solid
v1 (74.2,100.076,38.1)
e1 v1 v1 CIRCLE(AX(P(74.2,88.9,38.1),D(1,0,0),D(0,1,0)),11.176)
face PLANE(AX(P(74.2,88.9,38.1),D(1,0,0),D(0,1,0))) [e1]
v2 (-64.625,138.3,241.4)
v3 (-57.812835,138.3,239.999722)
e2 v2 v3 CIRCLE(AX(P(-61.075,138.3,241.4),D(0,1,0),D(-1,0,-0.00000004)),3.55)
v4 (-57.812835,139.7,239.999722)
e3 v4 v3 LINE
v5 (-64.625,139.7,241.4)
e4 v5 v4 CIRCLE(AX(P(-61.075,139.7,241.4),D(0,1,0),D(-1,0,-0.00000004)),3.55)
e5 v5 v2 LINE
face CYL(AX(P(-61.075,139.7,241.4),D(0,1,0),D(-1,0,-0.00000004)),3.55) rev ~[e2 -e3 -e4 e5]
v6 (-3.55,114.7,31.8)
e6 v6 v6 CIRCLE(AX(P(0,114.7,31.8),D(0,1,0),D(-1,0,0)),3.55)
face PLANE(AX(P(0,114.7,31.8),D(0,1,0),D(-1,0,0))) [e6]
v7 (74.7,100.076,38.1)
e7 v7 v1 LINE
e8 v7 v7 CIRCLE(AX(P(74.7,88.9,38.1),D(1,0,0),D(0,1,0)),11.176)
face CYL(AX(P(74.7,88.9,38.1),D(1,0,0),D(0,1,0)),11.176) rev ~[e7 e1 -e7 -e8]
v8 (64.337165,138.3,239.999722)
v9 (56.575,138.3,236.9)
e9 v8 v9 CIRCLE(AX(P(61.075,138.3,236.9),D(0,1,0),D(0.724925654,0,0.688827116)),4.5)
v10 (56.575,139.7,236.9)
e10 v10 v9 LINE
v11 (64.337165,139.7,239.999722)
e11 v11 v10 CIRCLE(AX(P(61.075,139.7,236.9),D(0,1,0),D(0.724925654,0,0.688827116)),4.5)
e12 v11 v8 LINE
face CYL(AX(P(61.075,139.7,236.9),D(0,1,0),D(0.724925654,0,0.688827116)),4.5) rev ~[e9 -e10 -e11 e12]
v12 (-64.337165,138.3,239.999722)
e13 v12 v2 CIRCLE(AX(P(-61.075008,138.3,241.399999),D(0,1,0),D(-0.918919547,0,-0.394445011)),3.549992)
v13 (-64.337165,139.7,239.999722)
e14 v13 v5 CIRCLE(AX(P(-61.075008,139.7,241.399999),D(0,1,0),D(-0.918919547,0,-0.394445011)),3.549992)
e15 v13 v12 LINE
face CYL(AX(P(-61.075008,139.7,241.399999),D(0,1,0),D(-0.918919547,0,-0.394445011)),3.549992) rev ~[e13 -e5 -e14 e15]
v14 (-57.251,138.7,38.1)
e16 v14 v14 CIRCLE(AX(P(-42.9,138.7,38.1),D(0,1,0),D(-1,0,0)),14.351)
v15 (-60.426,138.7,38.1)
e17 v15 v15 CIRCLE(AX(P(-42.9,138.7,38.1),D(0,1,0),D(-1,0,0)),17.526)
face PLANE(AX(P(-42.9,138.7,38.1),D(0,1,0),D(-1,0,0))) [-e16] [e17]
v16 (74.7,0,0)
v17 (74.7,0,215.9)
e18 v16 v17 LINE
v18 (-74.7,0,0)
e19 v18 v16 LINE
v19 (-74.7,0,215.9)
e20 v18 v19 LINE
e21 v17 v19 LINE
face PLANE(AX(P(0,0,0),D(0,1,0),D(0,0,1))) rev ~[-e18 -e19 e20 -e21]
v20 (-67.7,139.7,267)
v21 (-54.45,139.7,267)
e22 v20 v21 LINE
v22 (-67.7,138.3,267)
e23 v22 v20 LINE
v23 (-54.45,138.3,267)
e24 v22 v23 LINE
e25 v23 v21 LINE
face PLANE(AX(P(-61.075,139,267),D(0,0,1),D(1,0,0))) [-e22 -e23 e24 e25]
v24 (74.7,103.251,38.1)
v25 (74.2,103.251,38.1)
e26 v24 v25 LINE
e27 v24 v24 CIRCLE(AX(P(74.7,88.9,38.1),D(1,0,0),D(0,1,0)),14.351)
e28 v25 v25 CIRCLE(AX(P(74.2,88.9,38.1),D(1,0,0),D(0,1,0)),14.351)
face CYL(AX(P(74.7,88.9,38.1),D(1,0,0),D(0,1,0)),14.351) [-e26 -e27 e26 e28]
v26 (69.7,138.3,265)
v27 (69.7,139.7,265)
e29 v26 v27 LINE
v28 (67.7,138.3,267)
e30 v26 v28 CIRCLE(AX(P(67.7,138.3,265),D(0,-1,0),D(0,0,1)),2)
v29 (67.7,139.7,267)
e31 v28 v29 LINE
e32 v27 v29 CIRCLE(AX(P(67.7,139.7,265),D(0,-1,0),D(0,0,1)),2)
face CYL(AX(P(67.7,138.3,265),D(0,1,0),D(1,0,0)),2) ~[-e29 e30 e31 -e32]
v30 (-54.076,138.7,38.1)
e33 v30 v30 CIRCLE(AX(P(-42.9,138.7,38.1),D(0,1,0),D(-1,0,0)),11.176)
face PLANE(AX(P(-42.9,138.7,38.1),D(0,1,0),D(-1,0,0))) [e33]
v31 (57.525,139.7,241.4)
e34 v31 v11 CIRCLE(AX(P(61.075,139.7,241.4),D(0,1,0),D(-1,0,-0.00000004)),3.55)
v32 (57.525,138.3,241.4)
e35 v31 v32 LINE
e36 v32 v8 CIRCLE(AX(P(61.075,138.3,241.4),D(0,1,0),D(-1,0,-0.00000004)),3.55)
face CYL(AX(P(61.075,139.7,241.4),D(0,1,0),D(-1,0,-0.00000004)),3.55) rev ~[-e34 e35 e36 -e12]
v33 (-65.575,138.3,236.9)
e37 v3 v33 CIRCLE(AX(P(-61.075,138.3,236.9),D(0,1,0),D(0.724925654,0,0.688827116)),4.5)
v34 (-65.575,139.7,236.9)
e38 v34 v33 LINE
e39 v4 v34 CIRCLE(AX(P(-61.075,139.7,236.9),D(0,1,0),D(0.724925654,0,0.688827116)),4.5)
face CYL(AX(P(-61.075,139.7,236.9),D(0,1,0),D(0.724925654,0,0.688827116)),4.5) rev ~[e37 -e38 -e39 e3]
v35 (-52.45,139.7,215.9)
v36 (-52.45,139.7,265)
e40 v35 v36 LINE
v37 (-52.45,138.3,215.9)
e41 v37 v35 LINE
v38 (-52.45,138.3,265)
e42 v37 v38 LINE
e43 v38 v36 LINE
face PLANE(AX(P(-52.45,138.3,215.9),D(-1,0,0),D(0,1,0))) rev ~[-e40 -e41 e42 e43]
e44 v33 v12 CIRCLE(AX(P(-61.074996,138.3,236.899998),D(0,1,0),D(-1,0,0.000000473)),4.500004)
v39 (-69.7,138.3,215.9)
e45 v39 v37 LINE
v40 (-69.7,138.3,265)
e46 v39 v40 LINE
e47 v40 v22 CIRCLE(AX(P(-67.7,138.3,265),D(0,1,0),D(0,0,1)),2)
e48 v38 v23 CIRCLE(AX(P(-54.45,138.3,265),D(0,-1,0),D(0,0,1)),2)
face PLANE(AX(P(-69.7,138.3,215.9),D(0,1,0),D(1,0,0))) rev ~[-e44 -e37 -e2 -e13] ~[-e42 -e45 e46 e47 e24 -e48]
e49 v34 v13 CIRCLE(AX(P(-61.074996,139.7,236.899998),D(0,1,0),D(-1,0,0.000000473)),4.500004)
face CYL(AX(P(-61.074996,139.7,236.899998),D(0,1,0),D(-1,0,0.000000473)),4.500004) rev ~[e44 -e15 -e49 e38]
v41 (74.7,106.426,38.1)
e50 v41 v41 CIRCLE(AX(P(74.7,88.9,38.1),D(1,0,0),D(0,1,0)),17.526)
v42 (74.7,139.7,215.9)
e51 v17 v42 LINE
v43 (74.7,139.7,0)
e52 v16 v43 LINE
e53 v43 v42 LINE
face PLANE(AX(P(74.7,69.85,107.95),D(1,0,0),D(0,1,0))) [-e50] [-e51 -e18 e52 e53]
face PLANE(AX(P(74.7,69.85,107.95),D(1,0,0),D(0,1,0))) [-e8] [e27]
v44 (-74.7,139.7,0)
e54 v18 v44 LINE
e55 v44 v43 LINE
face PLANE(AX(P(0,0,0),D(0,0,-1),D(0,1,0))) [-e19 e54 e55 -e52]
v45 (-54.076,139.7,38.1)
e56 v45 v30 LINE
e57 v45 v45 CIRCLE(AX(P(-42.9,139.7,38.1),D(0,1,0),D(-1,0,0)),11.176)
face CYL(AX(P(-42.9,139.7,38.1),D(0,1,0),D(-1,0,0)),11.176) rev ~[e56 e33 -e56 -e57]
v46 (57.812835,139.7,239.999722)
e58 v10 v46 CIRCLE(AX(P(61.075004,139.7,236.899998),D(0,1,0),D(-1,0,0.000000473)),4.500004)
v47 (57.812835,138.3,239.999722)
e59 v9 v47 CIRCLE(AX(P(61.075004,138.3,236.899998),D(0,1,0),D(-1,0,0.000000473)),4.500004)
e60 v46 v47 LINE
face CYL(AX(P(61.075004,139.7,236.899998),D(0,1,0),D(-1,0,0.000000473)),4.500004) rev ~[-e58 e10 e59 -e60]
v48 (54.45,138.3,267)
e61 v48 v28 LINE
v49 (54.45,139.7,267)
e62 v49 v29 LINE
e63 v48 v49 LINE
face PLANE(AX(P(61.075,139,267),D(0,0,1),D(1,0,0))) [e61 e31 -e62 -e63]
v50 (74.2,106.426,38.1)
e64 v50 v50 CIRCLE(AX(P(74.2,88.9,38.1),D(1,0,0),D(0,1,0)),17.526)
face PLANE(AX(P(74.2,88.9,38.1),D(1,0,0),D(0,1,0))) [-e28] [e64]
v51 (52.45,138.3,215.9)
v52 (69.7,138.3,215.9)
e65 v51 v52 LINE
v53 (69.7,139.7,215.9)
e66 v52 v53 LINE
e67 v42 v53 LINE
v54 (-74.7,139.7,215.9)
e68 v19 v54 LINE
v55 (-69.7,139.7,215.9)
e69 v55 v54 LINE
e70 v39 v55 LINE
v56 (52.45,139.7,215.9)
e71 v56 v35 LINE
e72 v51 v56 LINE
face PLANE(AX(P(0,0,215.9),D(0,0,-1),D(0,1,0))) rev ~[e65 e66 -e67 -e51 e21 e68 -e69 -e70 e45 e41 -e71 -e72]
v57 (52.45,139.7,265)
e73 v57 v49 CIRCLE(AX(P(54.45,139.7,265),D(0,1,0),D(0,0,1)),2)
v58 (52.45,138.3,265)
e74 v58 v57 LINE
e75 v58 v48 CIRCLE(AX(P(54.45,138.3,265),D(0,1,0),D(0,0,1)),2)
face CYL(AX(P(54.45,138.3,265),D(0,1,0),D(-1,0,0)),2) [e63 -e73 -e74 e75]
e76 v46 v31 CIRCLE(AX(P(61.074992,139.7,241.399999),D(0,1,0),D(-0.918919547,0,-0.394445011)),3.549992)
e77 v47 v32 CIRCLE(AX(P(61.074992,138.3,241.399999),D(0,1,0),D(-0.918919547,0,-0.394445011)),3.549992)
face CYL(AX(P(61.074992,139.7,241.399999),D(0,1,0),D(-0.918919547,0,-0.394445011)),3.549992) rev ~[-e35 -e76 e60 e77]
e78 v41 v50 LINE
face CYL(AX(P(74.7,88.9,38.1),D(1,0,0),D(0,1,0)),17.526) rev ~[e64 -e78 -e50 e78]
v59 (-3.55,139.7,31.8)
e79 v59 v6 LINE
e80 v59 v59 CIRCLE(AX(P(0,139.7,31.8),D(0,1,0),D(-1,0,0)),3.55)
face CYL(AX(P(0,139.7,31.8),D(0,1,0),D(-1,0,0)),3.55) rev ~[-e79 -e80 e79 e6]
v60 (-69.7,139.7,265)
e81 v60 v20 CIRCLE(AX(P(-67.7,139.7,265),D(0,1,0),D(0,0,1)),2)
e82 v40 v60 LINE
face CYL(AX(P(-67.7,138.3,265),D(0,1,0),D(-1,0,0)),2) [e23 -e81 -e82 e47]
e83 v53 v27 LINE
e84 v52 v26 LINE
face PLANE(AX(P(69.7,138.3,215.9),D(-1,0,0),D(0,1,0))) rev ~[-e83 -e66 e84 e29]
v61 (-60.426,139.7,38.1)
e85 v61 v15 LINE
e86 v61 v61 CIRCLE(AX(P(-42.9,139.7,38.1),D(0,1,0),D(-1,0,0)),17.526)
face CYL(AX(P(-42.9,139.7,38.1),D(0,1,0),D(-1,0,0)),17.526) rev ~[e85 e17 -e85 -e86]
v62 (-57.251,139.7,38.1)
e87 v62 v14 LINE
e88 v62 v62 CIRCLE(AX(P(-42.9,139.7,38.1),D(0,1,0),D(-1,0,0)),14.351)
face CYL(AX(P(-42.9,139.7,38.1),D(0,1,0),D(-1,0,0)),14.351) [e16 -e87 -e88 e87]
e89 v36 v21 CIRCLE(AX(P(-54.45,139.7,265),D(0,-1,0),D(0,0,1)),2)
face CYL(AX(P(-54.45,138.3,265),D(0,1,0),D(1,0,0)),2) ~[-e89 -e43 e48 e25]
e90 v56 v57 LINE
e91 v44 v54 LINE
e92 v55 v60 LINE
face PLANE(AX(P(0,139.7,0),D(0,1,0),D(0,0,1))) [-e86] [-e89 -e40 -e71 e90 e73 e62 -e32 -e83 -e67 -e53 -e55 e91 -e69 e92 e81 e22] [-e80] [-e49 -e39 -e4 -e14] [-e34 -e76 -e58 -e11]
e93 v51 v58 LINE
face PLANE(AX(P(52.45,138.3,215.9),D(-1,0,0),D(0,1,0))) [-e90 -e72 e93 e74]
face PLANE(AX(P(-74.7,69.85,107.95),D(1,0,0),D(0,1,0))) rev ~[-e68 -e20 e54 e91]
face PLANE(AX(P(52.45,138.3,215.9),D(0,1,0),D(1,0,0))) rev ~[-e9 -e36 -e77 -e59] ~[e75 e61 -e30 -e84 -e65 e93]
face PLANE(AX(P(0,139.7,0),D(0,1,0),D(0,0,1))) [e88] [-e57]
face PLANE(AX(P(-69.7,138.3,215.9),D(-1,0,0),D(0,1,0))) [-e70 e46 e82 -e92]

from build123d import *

# Parameters (mm, degrees)
F0_W      = 139.7
F0_H      = 215.9
F1_DEPTH  = 74.7
F2_R      = 17.526
F2_R_2    = 14.351
F2_R_3    = 11.176
F3_DEPTH  = 0.5
F4_R      = 17.526
F4_R_2    = 14.351
F4_R_3    = 11.176
F5_DEPTH  = 1
F4_R_4    = 3.55
F6_DEPTH  = 25
F7_W      = 17.25
F7_H      = 1.4
F8_DEPTH  = 51.1
F10_DEPTH = 139.701
F11_R     = 2


with BuildPart() as f1:
    # F0 (on Right) → F1 (new body, symmetric)
    with BuildSketch(Plane.YZ):
        with Locations((69.85, 107.95)):
            Rectangle(F0_W, F0_H)
    extrude(amount=F1_DEPTH, both=True)

    # F2 (on face) → F3 (cut)
    with BuildSketch(Plane.YZ.offset(74.7)):
        with Locations((88.9, 38.1)):
            Circle(F2_R)
        with Locations((88.9, 38.1)):
            Circle(F2_R_2, mode=Mode.SUBTRACT)
        with Locations((88.9, 38.1)):
            Circle(F2_R_3)
    extrude(amount=-F3_DEPTH, mode=Mode.SUBTRACT)

    # F4 (on face) → F5 (cut)
    with BuildSketch(Plane(origin=(0, 139.7, 0), x_dir=(-1, 0, 0), z_dir=(0, 1, 0))):
        with Locations((42.9, 38.1)):
            Circle(F4_R)
        with Locations((42.9, 38.1)):
            Circle(F4_R_2, mode=Mode.SUBTRACT)
        with Locations((42.9, 38.1)):
            Circle(F4_R_3)
    extrude(amount=-F5_DEPTH, mode=Mode.SUBTRACT)

    # F4 (on face) → F6 (cut)
    with BuildSketch(Plane(origin=(0, 139.7, 0), x_dir=(-1, 0, 0), z_dir=(0, 1, 0))):
        with Locations((0, 31.8)):
            Circle(F4_R_4)
    extrude(amount=-F6_DEPTH, mode=Mode.SUBTRACT)

    # F7 (on face) → F8 (join)
    with BuildSketch(Plane.XY.offset(215.9)):
        with Locations((61.075, 139)):
            Rectangle(F7_W, F7_H)
        with Locations((-61.075, 139)):
            Rectangle(F7_W, F7_H)
    extrude(amount=F8_DEPTH)

    # F9 (on face) → F10 (cut, through all)
    with BuildSketch(Plane(origin=(0, 139.7, 0), x_dir=(-1, 0, 0), z_dir=(0, 1, 0))):
        with BuildLine():
            ThreePointArc((-57.812835, 239.999722), (-57.597703, 240.685223), (-57.525, 241.4))
            ThreePointArc((-57.525, 241.4), (-61.789777, 244.877297), (-64.337165, 239.999722))
            ThreePointArc((-64.337165, 239.999722), (-61.075, 241.4), (-57.812835, 239.999722))
        make_face()
        with BuildLine():
            ThreePointArc((-57.812835, 239.999722), (-61.075, 241.4), (-64.337165, 239.999722))
            ThreePointArc((-64.337165, 239.999722), (-61.075, 237.85), (-57.812835, 239.999722))
        make_face()
        with BuildLine():
            ThreePointArc((-57.812835, 239.999722), (-61.075, 237.85), (-64.337165, 239.999722))
            ThreePointArc((-64.337165, 239.999722), (-62.74387, 232.720901), (-56.575, 236.9))
            ThreePointArc((-56.575, 236.9), (-56.895901, 238.56887), (-57.812835, 239.999722))
        make_face()
        with BuildLine():
            ThreePointArc((64.337165, 239.999722), (64.552297, 240.685223), (64.625, 241.4))
            ThreePointArc((64.625, 241.4), (60.360223, 244.877297), (57.812835, 239.999722))
            ThreePointArc((57.812835, 239.999722), (61.075, 241.4), (64.337165, 239.999722))
        make_face()
        with BuildLine():
            ThreePointArc((64.337165, 239.999722), (61.075, 241.4), (57.812835, 239.999722))
            ThreePointArc((57.812835, 239.999722), (61.075, 237.85), (64.337165, 239.999722))
        make_face()
        with BuildLine():
            ThreePointArc((64.337165, 239.999722), (61.075, 237.85), (57.812835, 239.999722))
            ThreePointArc((57.812835, 239.999722), (59.40613, 232.720901), (65.575, 236.9))
            ThreePointArc((65.575, 236.9), (65.254099, 238.56887), (64.337165, 239.999722))
        make_face()
    extrude(amount=-F10_DEPTH, mode=Mode.SUBTRACT)

    # F11
    f11_edges = [f1.edges().sort_by_distance(p)[0] for p in [
        (-52.45, 139, 267),
        (-69.7, 139, 267),
        (69.7, 139, 267),
        (52.45, 139, 267),
    ]]
    fillet(f11_edges, radius=F11_R)


solid = f1.part
